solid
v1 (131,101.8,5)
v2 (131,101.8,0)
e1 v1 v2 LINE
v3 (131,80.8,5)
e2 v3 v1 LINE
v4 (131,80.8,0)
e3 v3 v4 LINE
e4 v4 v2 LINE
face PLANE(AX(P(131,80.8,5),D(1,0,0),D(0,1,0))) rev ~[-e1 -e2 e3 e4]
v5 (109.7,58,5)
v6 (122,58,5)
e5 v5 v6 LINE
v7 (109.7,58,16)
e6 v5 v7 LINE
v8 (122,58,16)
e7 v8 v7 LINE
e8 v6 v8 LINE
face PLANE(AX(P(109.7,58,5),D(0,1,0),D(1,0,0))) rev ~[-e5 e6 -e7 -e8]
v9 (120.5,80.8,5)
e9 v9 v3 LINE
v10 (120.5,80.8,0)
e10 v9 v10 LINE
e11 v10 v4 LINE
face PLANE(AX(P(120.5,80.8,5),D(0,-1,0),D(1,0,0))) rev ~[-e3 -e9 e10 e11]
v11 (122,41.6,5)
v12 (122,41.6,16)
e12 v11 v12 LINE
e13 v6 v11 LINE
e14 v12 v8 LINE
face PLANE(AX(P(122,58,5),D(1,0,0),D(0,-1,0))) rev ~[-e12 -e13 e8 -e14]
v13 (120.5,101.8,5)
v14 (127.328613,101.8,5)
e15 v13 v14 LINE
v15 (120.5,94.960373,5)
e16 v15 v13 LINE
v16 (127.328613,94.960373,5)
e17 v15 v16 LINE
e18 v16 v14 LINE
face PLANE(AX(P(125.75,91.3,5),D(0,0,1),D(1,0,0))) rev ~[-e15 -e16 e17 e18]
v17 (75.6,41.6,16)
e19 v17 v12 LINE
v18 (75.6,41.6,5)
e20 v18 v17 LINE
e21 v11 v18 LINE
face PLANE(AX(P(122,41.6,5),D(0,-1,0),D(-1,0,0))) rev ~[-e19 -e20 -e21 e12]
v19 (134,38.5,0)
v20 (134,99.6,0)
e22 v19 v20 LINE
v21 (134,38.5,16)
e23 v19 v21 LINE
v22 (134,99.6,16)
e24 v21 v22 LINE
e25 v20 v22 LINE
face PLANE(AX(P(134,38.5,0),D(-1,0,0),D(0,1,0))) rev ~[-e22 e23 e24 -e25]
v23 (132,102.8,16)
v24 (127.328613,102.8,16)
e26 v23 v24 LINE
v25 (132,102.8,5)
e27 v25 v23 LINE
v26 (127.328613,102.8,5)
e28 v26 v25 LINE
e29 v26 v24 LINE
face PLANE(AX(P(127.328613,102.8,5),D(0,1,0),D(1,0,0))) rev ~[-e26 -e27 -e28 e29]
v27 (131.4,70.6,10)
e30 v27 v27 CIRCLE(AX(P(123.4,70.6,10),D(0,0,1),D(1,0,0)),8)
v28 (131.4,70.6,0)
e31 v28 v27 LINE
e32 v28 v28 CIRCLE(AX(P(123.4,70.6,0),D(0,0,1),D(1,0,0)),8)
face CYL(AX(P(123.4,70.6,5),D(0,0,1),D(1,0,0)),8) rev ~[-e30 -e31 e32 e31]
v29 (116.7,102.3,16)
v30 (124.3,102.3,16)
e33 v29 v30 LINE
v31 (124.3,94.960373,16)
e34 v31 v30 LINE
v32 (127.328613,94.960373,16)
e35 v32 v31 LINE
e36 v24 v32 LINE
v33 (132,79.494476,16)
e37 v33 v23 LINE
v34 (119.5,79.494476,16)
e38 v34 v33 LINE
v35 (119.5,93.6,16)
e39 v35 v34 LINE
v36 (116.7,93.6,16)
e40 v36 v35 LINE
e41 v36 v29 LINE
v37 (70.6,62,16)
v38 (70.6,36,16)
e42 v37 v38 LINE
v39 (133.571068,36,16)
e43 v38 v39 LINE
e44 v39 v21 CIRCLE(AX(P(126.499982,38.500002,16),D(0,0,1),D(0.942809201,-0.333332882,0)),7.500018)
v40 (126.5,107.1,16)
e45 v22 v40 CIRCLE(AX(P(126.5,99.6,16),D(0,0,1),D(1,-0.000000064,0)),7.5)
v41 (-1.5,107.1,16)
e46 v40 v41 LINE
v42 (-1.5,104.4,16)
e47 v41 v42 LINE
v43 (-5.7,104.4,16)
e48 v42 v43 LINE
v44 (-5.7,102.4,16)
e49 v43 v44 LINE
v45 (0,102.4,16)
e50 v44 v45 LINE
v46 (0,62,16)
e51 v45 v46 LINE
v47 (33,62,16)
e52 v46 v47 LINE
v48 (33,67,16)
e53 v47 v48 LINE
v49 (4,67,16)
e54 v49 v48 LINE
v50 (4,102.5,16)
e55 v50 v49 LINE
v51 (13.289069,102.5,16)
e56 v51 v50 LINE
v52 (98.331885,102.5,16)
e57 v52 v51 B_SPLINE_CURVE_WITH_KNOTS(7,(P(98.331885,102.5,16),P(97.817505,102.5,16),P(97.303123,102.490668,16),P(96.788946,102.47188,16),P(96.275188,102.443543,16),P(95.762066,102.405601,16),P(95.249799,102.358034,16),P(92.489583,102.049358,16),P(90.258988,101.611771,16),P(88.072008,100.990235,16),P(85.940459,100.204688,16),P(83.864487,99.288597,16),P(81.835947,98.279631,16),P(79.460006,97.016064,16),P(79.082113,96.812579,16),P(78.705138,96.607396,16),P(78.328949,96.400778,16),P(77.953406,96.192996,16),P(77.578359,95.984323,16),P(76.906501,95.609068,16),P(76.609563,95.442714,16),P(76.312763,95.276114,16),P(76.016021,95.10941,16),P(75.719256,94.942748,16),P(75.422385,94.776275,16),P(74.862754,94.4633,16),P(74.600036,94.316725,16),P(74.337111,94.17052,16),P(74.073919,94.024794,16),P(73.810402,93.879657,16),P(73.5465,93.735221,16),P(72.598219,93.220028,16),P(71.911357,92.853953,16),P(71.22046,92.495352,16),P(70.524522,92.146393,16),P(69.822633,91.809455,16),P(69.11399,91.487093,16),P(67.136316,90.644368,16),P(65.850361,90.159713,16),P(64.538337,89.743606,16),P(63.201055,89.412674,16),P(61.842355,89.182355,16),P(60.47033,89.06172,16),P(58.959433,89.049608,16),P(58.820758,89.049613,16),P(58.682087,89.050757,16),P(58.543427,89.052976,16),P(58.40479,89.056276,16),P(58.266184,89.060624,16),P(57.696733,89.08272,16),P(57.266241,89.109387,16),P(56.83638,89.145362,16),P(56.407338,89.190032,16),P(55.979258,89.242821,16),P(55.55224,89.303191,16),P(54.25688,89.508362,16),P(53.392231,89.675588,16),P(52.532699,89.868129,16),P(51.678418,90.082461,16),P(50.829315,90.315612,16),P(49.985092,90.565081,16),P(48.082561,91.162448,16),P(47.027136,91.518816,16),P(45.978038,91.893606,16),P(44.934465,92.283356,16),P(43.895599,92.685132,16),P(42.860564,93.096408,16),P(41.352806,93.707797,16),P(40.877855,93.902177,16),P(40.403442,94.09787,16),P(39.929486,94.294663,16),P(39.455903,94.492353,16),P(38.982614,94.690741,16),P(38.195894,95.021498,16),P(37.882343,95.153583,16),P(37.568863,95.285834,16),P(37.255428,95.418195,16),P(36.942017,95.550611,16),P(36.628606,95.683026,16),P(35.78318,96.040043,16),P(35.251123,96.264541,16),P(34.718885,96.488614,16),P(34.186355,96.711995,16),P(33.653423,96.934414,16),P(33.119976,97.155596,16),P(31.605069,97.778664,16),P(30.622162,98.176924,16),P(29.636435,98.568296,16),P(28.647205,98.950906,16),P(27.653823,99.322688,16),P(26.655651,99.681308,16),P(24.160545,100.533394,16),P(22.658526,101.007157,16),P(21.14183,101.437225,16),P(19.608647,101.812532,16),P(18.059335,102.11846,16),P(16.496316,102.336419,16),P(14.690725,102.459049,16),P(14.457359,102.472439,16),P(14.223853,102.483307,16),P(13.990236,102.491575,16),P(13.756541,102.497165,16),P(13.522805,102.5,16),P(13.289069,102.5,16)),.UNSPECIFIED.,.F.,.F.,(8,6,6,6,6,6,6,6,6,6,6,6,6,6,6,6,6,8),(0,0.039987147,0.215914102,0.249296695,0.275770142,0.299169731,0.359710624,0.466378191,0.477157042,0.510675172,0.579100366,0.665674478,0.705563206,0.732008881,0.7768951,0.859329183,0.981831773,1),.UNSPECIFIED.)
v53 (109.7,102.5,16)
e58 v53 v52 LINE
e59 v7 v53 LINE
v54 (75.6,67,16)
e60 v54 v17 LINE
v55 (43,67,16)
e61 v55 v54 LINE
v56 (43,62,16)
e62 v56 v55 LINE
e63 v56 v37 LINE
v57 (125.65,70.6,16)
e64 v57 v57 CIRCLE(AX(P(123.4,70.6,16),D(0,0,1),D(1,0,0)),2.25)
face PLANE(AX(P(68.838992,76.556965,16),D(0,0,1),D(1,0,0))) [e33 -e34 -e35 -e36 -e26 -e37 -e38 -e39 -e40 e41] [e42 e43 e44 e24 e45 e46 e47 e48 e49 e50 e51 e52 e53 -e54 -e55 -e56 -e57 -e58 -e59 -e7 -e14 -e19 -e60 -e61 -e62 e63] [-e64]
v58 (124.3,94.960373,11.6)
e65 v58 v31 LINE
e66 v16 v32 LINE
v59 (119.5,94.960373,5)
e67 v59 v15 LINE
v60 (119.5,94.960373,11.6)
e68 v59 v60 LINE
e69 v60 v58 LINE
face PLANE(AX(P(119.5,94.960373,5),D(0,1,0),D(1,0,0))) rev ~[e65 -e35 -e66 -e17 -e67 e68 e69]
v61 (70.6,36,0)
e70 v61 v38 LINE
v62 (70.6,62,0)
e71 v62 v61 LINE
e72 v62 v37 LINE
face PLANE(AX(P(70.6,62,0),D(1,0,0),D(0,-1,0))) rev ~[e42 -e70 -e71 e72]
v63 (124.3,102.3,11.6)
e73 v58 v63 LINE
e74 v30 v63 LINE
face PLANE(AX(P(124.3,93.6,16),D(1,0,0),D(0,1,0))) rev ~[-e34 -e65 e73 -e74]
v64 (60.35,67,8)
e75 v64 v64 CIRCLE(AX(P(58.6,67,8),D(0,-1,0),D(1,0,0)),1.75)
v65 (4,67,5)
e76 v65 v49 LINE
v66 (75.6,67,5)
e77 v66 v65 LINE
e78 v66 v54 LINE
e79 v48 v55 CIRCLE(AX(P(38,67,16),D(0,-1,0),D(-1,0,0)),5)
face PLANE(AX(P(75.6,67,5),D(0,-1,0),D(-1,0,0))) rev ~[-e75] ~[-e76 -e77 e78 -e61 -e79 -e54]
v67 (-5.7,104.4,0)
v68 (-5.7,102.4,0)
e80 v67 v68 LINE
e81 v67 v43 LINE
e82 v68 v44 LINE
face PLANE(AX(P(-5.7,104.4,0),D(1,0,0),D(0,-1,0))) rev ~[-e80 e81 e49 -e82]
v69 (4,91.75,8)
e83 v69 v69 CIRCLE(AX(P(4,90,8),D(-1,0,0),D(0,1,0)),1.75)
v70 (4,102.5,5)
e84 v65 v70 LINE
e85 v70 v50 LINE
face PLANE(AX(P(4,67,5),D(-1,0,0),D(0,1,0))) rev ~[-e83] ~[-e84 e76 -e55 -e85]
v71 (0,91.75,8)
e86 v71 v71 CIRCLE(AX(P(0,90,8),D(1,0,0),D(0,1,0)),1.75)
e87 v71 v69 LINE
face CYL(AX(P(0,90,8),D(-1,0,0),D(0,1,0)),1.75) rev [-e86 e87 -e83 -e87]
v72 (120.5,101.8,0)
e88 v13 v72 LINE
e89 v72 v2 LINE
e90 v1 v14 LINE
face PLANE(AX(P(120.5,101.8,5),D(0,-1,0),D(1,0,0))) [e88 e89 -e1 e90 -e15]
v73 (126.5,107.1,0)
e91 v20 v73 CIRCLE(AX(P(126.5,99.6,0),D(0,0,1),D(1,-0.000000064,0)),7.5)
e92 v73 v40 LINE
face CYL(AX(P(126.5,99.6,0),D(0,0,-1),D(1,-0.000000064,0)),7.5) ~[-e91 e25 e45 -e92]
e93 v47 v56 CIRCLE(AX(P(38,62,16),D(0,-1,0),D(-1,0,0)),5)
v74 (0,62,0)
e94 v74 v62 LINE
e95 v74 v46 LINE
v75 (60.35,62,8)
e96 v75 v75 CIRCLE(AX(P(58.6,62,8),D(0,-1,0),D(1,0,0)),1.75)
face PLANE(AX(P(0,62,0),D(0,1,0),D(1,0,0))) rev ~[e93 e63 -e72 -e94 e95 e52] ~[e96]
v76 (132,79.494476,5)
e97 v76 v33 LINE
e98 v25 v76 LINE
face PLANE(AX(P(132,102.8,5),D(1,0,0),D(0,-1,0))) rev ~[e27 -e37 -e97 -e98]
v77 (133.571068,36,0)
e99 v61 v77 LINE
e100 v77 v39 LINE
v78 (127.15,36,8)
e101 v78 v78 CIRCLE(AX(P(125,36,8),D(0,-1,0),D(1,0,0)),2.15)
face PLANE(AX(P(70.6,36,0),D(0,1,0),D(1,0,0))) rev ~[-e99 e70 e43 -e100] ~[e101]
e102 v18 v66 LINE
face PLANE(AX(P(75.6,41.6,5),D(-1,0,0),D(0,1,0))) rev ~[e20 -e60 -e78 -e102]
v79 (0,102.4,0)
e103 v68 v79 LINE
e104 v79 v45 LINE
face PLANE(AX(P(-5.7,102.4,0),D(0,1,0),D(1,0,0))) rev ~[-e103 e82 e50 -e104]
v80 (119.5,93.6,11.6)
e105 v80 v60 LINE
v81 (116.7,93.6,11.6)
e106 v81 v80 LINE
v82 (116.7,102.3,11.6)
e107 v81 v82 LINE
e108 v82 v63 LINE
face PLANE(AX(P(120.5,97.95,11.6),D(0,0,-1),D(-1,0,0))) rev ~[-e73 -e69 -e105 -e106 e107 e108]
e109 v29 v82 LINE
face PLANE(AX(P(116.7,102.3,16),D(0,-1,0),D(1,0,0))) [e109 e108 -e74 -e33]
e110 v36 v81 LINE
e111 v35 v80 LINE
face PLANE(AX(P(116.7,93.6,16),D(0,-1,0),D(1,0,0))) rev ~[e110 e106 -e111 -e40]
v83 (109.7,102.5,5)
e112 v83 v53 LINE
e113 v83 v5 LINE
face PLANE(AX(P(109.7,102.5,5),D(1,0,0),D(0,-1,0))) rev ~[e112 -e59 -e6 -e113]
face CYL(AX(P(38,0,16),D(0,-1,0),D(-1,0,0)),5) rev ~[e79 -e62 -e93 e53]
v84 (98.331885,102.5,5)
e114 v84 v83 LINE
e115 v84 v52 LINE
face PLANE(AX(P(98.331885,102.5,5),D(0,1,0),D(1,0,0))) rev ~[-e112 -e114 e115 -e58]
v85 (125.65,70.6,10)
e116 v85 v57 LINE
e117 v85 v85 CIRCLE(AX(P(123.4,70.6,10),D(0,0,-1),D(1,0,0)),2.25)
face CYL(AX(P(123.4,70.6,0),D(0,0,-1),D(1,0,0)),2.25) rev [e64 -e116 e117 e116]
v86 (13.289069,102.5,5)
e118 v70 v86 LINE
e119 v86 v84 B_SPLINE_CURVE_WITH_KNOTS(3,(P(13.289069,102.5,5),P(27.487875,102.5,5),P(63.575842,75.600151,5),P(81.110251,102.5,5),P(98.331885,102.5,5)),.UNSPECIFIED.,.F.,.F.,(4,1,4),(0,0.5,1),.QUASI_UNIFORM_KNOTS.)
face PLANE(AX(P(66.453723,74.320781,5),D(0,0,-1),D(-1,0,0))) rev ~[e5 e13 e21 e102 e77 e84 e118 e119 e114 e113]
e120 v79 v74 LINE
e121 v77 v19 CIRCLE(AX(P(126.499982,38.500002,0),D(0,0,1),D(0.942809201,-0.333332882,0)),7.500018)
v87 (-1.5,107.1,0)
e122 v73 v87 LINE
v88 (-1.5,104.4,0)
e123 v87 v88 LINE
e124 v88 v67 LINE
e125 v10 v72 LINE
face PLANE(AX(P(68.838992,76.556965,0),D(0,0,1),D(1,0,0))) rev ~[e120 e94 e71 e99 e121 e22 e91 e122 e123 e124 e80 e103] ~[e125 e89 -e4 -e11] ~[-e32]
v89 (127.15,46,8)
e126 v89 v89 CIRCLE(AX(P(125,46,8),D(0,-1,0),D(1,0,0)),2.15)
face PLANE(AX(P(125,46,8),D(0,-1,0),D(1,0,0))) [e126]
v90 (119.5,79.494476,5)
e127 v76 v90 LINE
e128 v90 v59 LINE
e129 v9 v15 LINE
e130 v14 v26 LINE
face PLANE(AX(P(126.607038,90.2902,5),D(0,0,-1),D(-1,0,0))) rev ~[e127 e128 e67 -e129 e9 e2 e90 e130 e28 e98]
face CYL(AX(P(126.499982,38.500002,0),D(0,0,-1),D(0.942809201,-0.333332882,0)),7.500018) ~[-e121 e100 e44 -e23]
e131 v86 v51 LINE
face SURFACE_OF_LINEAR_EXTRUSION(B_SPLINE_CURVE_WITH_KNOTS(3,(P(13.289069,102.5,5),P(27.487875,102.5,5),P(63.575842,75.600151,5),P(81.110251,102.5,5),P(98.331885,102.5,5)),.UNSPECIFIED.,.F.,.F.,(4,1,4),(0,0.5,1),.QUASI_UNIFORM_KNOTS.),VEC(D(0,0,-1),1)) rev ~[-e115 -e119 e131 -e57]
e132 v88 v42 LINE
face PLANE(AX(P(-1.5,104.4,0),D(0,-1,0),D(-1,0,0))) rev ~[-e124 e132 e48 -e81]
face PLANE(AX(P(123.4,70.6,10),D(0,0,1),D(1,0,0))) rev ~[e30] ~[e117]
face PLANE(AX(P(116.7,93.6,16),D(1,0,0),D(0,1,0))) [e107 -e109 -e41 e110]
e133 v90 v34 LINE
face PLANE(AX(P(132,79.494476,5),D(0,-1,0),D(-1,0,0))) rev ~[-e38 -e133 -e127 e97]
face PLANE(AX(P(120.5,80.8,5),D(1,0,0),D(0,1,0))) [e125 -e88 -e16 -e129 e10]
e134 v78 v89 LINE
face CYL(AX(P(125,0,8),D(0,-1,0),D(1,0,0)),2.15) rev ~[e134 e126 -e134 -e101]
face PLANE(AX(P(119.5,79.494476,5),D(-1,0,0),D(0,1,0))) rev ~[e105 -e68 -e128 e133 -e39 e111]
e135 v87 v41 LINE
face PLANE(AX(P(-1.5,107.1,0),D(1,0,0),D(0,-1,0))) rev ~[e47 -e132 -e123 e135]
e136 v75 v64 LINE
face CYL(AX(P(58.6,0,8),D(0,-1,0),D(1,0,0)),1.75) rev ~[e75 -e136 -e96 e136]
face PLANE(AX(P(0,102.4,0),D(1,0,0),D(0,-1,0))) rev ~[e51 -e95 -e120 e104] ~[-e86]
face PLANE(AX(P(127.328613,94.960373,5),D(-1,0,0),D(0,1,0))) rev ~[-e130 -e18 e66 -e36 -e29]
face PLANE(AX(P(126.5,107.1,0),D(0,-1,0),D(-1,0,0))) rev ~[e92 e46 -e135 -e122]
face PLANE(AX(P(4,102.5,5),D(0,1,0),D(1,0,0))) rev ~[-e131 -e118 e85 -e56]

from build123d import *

# Parameters (mm, degrees)
SKETCH_R        = 2.25
PAD_DEPTH       = 16
POCKET_DEPTH    = 21
SKETCH002_R     = 1.75
POCKET001_DEPTH = 23
SKETCH003_R     = 1.75
SKETCH003_R_2   = 2.15
POCKET002_DEPTH = 46
SKETCH005_R     = 8
POCKET004_DEPTH = 5
POCKET005_DEPTH = 4.4
SKETCH007_W     = 10.5
SKETCH007_H     = 21
POCKET006_DEPTH = 6
POCKET007_DEPTH = 18
SKETCH009_R     = 1.75
POCKET008_DEPTH = 86


with BuildPart() as part:
    # Sketch → Pad (new body)
    with BuildSketch(Plane.XY):
        with BuildLine():
            Line((126.5, 107.1), (-1.5, 107.1))
            Line((-1.5, 107.1), (-1.5, 104.4))
            Line((-1.5, 104.4), (-5.7, 104.4))
            Line((-5.7, 104.4), (-5.7, 102.4))
            Line((-5.7, 102.4), (0, 102.4))
            Line((0, 102.4), (0, 62))
            Line((0, 62), (70.6, 62))
            Line((70.6, 62), (70.6, 36))
            Line((70.6, 36), (75.6, 36))
            Line((75.6, 36), (133.571068, 36))
            ThreePointArc((133.571068, 36), (133.891989, 37.231735), (134, 38.5))
            Line((134, 38.5), (134, 99.6))
            ThreePointArc((134, 99.6), (131.803301, 104.903301), (126.5, 107.1))
        make_face()
        with Locations((123.4, 70.6)):
            Circle(SKETCH_R, mode=Mode.SUBTRACT)
    extrude(amount=PAD_DEPTH)

    # Sketch001 (on DatumPlane) → Pocket (cut)
    with BuildSketch(Plane.XY.offset(5)):
        Polygon((128.6, 101.8), (131, 101.8), (131, 79.9), (120.7, 79.9), (120.7, 93.6), (120.7, 93.9), (124.3, 93.9), (128.6, 93.9), align=None)
        with BuildLine():
            add(Edge.make_bspline(
                [(13.289069, 102.5), (27.487875, 102.5), (63.575842, 75.600151), (81.110251, 102.5), (98.331885, 102.5)],
                knots=[0, 0, 0, 0, 0.5, 1, 1, 1, 1], degree=3))
            Line((98.331885, 102.5), (109.7, 102.5))
            Line((109.7, 102.5), (109.7, 58))
            Line((109.7, 58), (122, 58))
            Line((122, 58), (122, 41.6))
            Line((122, 41.6), (80, 41.6))
            Line((80, 41.6), (75.6, 41.6))
            Line((75.6, 41.6), (75.6, 67))
            Line((75.6, 67), (4, 67))
            Line((4, 67), (4, 102.5))
            Line((4, 102.5), (13.289069, 102.5))
        make_face()
    extrude(amount=POCKET_DEPTH, mode=Mode.SUBTRACT)

    # Sketch002 → Pocket001 (cut)
    with BuildSketch(Plane.YZ):
        with Locations((12, 8)):
            Circle(SKETCH002_R)
        with Locations((60, 8)):
            Circle(SKETCH002_R)
        with Locations((90, 8)):
            Circle(SKETCH002_R)
    extrude(amount=POCKET001_DEPTH, mode=Mode.SUBTRACT)

    # Sketch003 → Pocket002 (cut)
    with BuildSketch(Plane.XZ):
        with Locations((58.6, 8)):
            Circle(SKETCH003_R)
        with Locations((8, 8)):
            Circle(SKETCH003_R)
        with Locations((125, 8)):
            Circle(SKETCH003_R_2)
    extrude(amount=-POCKET002_DEPTH, mode=Mode.SUBTRACT)

    # Sketch005 (on DatumPlane) → Pocket004 (cut, symmetric)
    with BuildSketch(Plane.XY.offset(5)):
        with Locations((123.4, 70.6)):
            Circle(SKETCH005_R)
    extrude(amount=POCKET004_DEPTH, both=True, mode=Mode.SUBTRACT)

    # Sketch006 (on DatumPlane) → Pocket005 (cut)
    with BuildSketch(Plane.XY.offset(16)):
        Polygon((116.7, 102.3), (124.3, 102.3), (124.3, 93.9), (124.3, 93.6), (120.7, 93.6), (116.7, 93.6), align=None)
    extrude(amount=-POCKET005_DEPTH, mode=Mode.SUBTRACT)

    # Sketch007 (on DatumPlane) → Pocket006 (cut)
    with BuildSketch(Plane.XY.offset(5)):
        with Locations((125.75, 91.3)):
            Rectangle(SKETCH007_W, SKETCH007_H)
    extrude(amount=-POCKET006_DEPTH, mode=Mode.SUBTRACT)

    # Sketch008 (on DatumPlane) → Pocket007 (cut)
    with BuildSketch(Plane.XY.offset(5)):
        Polygon((127.328613, 102.8), (132, 102.8), (132, 79.494476), (119.5, 79.494476), (119.5, 94.960373), (127.328613, 94.960373), align=None)
    extrude(amount=POCKET007_DEPTH, mode=Mode.SUBTRACT)

    # Sketch009 → Pocket008 (cut)
    with BuildSketch(Plane.XZ):
        with Locations((58.6, 8)):
            Circle(SKETCH009_R)
        with BuildLine():
            ThreePointArc((33, 16), (38, 11), (43, 16))
            Line((43, 16), (43, 31.673506))
            ThreePointArc((43, 31.673506), (38, 36.673506), (33, 31.673506))
            Line((33, 31.673506), (33, 16))
        make_face()
    extrude(amount=-POCKET008_DEPTH, mode=Mode.SUBTRACT)


solid = part.part
